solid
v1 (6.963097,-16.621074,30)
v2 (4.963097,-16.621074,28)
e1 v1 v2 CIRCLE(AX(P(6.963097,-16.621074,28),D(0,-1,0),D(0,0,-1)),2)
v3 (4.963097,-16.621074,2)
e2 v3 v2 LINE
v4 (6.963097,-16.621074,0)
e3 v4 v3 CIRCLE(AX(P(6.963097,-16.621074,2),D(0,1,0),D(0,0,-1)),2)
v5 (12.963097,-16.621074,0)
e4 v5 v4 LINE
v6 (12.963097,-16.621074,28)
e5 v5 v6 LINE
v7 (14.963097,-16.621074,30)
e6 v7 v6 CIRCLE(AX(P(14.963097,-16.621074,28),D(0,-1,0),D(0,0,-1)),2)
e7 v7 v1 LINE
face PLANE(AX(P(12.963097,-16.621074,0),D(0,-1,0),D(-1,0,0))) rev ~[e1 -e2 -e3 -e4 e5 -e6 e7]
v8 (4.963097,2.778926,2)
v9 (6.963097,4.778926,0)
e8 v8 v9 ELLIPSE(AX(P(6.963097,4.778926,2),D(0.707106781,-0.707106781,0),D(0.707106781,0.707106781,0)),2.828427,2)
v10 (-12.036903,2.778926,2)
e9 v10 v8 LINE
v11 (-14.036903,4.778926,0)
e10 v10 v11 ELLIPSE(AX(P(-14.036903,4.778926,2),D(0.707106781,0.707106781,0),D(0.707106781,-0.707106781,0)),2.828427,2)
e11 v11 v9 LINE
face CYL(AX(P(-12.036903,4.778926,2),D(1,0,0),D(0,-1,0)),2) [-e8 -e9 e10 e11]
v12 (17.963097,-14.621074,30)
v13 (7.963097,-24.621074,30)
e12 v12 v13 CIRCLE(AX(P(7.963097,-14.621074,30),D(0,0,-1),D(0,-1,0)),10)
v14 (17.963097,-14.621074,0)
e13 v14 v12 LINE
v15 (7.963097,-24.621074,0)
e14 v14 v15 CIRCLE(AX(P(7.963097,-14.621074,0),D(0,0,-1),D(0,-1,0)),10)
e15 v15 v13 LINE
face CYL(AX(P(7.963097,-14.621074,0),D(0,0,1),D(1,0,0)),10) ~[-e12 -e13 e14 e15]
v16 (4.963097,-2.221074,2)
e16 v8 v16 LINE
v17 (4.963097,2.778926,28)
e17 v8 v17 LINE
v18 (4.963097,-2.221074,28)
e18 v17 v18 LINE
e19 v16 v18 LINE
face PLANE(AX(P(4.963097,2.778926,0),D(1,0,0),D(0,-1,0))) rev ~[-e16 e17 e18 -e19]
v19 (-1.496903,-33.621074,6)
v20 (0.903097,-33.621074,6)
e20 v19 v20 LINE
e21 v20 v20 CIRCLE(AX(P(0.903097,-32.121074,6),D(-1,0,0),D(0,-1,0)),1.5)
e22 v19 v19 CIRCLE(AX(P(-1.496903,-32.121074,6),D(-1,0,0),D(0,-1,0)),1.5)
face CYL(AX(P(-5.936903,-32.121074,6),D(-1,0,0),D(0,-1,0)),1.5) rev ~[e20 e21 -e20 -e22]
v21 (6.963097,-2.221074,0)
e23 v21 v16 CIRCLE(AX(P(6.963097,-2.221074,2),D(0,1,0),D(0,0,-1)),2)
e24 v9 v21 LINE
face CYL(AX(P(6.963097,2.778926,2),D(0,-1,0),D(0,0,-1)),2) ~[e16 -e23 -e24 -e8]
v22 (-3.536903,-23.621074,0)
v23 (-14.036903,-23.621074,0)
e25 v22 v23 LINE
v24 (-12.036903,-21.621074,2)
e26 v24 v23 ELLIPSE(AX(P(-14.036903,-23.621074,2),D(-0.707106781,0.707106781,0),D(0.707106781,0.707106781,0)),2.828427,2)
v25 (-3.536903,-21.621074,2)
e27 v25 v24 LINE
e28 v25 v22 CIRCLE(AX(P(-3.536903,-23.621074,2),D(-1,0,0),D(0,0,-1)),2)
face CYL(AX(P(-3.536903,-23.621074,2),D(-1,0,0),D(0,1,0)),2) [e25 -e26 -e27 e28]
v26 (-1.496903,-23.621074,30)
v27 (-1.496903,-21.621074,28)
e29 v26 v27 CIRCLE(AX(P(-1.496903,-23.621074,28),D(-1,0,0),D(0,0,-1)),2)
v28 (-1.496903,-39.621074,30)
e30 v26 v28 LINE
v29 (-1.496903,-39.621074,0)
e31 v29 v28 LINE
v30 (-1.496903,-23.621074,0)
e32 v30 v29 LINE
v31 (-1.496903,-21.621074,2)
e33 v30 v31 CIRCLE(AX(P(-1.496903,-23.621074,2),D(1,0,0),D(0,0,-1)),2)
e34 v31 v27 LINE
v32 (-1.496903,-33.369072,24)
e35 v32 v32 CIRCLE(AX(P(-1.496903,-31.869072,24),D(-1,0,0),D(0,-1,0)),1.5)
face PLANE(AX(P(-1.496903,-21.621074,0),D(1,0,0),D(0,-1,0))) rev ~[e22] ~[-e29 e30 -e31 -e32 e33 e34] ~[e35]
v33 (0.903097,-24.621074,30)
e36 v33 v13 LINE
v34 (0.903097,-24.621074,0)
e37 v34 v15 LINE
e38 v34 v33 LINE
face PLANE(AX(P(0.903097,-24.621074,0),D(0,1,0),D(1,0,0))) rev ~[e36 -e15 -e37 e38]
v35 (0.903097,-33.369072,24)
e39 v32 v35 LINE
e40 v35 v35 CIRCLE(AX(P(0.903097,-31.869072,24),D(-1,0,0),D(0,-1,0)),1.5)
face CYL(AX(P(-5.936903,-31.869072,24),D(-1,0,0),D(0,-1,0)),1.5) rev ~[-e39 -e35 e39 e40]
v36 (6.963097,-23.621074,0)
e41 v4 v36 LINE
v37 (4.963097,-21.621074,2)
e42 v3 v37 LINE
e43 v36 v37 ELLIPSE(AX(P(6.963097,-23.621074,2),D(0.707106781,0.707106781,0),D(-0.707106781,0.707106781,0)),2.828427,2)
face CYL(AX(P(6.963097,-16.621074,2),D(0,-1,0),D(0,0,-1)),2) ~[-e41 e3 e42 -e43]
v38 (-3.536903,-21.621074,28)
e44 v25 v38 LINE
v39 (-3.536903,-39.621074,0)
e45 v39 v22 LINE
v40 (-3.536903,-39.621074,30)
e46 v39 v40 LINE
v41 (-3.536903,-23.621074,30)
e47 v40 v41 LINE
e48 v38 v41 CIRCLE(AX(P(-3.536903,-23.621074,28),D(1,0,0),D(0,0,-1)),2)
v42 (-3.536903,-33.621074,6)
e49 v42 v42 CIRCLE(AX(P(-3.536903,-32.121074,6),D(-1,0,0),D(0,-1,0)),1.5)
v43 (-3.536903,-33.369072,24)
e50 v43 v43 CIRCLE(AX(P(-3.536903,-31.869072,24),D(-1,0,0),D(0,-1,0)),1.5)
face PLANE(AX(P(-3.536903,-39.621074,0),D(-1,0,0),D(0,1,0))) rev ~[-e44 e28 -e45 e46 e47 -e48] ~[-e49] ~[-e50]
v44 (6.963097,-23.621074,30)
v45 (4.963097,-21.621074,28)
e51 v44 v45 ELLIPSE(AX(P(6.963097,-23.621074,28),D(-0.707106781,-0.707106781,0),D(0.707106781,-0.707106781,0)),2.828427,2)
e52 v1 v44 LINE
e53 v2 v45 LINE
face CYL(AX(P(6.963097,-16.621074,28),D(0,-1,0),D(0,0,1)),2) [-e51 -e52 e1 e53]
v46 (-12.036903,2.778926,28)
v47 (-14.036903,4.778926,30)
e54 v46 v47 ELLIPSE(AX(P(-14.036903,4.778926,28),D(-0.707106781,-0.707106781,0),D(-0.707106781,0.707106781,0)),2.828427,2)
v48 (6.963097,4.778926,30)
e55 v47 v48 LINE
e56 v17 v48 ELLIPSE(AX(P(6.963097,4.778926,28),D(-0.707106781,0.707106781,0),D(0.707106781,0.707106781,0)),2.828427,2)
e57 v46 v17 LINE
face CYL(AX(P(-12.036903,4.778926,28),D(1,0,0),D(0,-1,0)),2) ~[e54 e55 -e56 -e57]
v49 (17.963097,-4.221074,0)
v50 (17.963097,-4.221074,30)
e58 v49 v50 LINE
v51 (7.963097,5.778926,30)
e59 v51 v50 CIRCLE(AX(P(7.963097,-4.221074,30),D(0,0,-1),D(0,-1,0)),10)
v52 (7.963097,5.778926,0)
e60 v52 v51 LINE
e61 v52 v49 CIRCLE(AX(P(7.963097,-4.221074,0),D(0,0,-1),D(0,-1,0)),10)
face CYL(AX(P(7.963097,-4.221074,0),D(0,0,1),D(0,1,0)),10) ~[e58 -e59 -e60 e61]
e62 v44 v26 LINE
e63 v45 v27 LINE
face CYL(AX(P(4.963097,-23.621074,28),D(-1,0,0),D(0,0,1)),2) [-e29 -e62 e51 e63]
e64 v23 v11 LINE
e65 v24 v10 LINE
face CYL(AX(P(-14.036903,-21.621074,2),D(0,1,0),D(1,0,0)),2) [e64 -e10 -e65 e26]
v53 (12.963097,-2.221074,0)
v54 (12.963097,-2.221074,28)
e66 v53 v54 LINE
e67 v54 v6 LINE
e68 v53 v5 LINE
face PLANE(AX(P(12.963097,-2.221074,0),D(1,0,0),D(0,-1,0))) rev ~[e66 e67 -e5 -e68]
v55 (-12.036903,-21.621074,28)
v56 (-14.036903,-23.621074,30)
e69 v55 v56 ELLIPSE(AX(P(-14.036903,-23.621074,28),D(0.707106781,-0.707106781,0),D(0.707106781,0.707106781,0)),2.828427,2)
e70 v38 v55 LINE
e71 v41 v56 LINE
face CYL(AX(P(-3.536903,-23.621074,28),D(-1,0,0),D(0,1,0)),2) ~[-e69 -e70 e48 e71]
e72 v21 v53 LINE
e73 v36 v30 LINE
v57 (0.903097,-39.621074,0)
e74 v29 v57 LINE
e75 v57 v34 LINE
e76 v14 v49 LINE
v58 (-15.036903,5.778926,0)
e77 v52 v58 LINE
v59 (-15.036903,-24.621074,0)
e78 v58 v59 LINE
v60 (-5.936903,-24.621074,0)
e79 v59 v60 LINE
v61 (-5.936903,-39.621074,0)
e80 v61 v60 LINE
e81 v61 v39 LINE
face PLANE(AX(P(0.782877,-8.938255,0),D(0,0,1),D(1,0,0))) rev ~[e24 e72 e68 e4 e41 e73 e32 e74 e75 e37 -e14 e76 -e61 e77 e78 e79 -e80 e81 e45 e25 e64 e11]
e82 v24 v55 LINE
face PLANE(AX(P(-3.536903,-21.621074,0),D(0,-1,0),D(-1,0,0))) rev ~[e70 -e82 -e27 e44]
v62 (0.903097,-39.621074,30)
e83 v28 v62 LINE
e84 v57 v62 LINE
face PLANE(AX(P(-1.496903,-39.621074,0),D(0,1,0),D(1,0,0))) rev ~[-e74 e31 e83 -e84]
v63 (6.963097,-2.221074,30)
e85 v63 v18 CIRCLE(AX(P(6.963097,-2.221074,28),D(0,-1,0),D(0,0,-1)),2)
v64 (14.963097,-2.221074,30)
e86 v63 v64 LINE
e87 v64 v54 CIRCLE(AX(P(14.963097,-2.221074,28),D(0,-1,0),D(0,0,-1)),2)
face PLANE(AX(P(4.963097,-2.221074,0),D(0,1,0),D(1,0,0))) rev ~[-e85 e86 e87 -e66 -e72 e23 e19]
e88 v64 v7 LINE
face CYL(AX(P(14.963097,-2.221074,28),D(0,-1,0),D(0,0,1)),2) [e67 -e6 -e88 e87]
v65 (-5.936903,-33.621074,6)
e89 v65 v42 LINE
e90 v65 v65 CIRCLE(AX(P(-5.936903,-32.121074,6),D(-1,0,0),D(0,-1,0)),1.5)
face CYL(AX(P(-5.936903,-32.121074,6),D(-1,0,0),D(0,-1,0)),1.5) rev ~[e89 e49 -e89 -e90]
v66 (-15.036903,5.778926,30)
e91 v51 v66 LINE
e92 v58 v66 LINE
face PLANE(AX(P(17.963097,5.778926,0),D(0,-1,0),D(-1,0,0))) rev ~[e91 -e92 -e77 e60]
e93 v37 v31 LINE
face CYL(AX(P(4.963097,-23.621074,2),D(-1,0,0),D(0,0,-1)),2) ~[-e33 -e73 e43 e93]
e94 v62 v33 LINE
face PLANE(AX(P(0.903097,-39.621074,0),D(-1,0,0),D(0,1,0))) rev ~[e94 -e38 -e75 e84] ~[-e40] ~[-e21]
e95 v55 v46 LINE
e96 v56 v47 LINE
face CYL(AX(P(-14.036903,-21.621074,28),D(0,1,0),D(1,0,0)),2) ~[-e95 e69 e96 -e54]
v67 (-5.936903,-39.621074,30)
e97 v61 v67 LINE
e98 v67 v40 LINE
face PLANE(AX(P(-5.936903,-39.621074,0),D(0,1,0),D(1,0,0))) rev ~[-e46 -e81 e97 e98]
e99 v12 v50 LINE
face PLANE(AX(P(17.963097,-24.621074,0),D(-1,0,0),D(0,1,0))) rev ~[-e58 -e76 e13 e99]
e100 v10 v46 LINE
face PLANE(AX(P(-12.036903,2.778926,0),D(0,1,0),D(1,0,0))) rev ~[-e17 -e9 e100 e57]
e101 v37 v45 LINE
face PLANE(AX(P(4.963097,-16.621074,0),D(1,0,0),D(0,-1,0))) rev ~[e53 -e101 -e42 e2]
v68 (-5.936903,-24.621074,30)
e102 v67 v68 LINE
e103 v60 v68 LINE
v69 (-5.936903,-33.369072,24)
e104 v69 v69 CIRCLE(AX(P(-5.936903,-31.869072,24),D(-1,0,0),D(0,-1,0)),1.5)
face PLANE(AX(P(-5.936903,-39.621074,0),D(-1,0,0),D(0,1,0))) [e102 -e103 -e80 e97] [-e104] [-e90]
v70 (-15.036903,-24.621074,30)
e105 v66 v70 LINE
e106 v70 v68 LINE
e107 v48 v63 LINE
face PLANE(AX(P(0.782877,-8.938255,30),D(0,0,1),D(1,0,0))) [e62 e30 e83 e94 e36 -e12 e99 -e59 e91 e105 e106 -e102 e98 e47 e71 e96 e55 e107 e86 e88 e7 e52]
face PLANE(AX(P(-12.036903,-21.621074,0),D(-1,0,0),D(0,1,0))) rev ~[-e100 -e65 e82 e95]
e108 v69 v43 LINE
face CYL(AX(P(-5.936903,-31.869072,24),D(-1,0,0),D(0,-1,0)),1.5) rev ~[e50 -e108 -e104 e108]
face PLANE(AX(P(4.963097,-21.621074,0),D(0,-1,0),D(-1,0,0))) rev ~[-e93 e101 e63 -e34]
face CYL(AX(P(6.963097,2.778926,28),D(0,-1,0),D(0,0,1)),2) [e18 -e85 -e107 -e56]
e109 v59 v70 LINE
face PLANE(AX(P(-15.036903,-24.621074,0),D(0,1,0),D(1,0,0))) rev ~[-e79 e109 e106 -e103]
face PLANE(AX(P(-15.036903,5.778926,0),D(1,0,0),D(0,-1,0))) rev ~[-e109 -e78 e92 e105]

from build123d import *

# Parameters (mm, degrees)
F0_W     = 2.4
F0_H     = 3
F0_H_2   = 15
F1_DEPTH = 30
F2_R     = 1.5
F3_DEPTH = 25
F4_R     = 2
F5_R     = 10


with BuildPart() as f1:
    # F0 (on Top) → F1 (new body)
    with BuildSketch(Plane.XY):
        Polygon((-12.036903, -21.621074), (-12.036903, 2.778926), (4.963097, 2.778926), (4.963097, -2.221074), (12.963097, -2.221074), (12.963097, -16.621074), (4.963097, -16.621074), (4.963097, -21.621074), (0.903097, -21.621074), (0.903097, -24.621074), (17.963097, -24.621074), (17.963097, 5.778926), (-15.036903, 5.778926), (-15.036903, -24.621074), (-5.936903, -24.621074), (-5.936903, -21.621074), align=None)
        with Locations((-0.296903, -23.121074)):
            Rectangle(F0_W, F0_H)
        with Locations((-0.296903, -32.121074)):
            Rectangle(F0_W, F0_H_2)
        with Locations((-4.736903, -23.121074)):
            Rectangle(F0_W, F0_H)
        with Locations((-4.736903, -32.121074)):
            Rectangle(F0_W, F0_H_2)
    extrude(amount=F1_DEPTH)

    # F2 (on face) → F3 (cut)
    with BuildSketch(Plane(origin=(-5.936903, 0, 0), x_dir=(0, -1, 0), z_dir=(-1, 0, 0))):
        with Locations((32.121074, 6)):
            Circle(F2_R)
        with Locations((31.869072, 24)):
            Circle(F2_R)
    extrude(amount=-F3_DEPTH, mode=Mode.SUBTRACT)

    # F4
    f4_edges = [f1.edges().sort_by_distance(p)[0] for p in [
        (-12.036903, -9.421074, 30),
        (-3.536903, 2.778926, 30),
        (4.963097, 0.278926, 30),
        (4.963097, -19.121074, 30),
        (1.733097, -21.621074, 30),
        (-7.786903, -21.621074, 30),
        (12.963097, -9.421074, 30),
        (-3.536903, 2.778926, 0),
        (-12.036903, -9.421074, 0),
        (-7.786903, -21.621074, 0),
        (1.733097, -21.621074, 0),
        (4.963097, -19.121074, 0),
        (4.963097, 0.278926, 0),
    ]]
    fillet(f4_edges, radius=F4_R)

    # F5
    f5_edges = [f1.edges().sort_by_distance(p)[0] for p in [
        (17.963097, 5.778926, 15),
        (17.963097, -24.621074, 15),
    ]]
    fillet(f5_edges, radius=F5_R)


solid = f1.part
